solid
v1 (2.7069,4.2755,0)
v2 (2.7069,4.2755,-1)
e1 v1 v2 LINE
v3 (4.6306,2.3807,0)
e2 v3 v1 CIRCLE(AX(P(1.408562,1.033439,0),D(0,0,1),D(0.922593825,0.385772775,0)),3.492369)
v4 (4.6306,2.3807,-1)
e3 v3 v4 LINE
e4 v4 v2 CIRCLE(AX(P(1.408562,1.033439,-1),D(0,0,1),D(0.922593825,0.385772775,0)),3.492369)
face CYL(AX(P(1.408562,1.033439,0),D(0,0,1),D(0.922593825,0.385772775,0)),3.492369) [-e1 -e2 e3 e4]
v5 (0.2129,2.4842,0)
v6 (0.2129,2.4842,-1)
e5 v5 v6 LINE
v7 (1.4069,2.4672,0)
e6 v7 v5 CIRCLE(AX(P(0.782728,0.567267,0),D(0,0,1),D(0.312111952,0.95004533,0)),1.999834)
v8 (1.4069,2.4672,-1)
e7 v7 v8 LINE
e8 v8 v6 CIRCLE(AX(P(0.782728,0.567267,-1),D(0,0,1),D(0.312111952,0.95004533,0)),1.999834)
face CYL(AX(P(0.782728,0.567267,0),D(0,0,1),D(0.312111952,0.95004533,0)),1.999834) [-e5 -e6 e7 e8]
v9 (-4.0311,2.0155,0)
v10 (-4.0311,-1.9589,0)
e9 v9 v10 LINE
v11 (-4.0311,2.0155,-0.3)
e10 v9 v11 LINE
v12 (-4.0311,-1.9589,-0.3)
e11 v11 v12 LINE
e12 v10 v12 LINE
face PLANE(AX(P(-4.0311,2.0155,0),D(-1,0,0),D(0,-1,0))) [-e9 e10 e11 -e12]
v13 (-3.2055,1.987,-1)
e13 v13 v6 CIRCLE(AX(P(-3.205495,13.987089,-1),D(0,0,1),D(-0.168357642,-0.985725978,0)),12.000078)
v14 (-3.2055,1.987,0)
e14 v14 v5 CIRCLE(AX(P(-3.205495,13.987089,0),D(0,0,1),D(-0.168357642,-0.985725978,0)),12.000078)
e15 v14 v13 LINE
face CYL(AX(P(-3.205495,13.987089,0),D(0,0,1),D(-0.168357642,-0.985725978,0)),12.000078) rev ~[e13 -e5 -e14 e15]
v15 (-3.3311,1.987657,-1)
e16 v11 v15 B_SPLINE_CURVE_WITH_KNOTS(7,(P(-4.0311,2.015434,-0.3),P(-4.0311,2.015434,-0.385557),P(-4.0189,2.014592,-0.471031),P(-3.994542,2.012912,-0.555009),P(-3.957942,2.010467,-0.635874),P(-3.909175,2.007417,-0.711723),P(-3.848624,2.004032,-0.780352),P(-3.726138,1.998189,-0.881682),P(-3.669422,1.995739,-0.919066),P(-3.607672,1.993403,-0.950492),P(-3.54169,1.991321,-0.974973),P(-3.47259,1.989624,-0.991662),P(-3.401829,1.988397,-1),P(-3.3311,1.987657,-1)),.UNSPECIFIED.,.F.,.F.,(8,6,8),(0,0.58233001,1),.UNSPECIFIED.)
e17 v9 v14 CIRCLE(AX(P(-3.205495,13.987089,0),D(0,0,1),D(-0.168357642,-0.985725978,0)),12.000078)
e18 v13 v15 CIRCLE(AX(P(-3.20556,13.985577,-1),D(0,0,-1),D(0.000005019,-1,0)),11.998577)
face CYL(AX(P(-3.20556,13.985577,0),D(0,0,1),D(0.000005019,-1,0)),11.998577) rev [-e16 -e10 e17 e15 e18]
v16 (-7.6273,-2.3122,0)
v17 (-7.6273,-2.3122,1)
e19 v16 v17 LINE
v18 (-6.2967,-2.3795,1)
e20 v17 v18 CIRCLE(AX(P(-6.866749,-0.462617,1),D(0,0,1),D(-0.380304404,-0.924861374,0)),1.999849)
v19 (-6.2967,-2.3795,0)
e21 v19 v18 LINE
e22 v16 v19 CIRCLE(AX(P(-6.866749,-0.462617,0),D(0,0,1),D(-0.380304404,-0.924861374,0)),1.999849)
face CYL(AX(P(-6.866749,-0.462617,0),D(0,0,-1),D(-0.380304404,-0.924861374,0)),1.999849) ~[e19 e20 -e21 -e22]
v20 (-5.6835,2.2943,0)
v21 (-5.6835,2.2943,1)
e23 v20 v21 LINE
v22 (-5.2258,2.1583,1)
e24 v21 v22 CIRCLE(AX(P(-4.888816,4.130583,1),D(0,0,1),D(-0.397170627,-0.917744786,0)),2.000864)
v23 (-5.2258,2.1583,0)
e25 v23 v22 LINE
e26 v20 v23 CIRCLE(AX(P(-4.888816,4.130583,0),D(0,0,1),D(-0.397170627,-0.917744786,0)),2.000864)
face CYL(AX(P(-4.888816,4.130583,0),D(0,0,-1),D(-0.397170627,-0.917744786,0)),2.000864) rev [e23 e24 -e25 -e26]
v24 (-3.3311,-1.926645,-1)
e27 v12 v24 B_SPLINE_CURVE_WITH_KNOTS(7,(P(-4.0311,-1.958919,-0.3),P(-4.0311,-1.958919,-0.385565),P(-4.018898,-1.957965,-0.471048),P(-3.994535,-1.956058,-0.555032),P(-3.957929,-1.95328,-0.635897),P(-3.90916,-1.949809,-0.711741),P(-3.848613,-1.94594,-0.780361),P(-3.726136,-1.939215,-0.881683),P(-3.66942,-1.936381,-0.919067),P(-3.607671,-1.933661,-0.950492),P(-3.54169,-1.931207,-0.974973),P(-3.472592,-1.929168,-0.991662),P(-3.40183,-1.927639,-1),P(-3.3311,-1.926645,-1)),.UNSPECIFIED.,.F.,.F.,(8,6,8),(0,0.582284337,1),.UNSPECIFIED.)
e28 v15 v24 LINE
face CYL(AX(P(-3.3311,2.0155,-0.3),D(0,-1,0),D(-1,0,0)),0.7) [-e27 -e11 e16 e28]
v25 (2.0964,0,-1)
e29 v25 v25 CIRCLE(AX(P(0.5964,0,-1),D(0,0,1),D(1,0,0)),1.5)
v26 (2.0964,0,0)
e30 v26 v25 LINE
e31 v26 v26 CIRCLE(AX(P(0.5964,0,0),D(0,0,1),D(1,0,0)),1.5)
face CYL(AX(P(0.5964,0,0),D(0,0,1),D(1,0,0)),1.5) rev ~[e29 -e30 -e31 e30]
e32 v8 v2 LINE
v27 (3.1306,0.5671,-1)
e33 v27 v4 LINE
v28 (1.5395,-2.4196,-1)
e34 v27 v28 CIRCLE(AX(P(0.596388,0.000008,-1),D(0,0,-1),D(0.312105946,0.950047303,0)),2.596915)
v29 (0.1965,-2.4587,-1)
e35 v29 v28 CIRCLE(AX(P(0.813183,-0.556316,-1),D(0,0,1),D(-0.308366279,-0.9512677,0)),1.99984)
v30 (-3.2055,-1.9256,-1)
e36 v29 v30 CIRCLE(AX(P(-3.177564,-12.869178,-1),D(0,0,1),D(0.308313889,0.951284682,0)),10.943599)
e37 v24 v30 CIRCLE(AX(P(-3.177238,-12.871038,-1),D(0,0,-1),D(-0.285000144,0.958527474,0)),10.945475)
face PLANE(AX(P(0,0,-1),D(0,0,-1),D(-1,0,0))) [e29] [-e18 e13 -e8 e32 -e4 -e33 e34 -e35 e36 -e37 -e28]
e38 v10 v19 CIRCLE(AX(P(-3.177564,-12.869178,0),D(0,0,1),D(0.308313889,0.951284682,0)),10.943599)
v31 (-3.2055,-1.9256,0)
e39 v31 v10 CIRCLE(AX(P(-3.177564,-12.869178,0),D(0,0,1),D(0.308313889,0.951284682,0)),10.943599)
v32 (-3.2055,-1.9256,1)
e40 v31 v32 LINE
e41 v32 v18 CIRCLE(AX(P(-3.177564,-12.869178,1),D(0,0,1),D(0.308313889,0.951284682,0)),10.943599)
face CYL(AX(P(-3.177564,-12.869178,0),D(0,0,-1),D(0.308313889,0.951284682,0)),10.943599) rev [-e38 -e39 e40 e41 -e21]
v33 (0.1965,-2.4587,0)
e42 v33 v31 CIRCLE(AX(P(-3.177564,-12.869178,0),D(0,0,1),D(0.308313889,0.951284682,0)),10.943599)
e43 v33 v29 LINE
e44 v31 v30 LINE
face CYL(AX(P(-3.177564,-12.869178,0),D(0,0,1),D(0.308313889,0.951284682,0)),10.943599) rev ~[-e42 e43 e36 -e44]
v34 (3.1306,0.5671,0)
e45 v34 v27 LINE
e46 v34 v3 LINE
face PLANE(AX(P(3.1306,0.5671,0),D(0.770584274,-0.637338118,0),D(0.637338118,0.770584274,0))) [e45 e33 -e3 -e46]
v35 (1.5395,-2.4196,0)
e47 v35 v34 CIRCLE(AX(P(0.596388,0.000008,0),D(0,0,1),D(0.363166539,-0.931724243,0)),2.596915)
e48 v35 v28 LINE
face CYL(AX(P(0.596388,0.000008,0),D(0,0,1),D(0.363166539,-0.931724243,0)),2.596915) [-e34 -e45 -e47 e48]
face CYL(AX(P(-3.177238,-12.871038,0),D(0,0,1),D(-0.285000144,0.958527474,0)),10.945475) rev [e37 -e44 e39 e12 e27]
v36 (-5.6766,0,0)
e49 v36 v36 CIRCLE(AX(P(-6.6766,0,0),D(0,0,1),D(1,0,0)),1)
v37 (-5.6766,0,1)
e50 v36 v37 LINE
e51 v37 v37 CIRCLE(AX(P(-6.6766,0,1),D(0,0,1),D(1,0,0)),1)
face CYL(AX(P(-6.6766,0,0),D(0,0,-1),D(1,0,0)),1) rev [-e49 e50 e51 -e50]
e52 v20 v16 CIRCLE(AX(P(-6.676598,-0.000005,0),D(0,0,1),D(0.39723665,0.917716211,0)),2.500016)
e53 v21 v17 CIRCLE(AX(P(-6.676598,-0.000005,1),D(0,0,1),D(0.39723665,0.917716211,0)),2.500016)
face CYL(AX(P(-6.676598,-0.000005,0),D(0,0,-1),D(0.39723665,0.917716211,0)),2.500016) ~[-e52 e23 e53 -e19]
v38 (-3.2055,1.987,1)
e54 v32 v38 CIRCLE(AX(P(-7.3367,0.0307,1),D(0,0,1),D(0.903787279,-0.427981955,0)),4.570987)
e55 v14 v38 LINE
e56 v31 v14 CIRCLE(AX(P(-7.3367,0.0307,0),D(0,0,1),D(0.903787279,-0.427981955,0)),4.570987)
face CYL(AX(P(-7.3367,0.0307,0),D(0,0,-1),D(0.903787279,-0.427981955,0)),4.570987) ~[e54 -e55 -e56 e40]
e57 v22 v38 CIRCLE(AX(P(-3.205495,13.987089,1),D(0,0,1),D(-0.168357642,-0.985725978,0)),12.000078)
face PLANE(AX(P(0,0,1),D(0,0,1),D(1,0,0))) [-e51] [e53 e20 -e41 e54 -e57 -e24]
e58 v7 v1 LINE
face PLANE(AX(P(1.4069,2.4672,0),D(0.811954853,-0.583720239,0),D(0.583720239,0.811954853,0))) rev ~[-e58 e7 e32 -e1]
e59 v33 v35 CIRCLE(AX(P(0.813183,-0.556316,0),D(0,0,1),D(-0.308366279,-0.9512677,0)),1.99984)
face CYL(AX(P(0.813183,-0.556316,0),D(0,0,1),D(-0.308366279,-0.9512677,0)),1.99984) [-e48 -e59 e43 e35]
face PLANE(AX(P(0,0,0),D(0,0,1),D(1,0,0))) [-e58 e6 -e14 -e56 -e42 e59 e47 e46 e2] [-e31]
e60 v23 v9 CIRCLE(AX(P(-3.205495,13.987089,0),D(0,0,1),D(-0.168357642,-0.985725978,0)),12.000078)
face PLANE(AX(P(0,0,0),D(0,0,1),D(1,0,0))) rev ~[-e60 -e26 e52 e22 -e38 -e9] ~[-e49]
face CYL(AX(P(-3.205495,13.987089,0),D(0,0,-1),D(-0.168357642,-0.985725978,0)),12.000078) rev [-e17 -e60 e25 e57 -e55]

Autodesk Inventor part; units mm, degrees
ref_plane "YZ Plane" through (0, 0, 0) normal (1, 0, 0) x (0, 1, 0)
ref_plane "XZ Plane" through (0, 0, 0) normal (0, 1, 0) x (-1, 0, 0)
ref_plane "XY Plane" through (0, 0, 0) normal (0, 0, 1) x (1, 0, 0)
sketch "Sketch1" plane through (0, 0, 0) normal (0, 0, 1) x (1, 0, 0)
  arc A0 (-5.6835, 2.2943) -> (-7.6273, -2.3122) centre (-6.6766, 0) ccw
  arc A1 (-5.2258, 2.1583) -> (0.2129, 2.4842) centre (-3.2055, 13.987) ccw
  line L0 (-6.6766, 2.5) -> (-6.6766, -2.5) construction
  arc A2 (-5.6835, 2.2943) -> (-5.2258, 2.1583) centre (-4.8891, 4.1298) ccw
  arc A3 (1.5395, -2.4196) -> (1.4069, 2.4672) centre (0.5964, 0) ccw
  arc A4 (1.4069, 2.4672) -> (0.2129, 2.4842) centre (0.7827, 0.5671) ccw
  line L1 (0.5964, 2.5969) -> (0.5964, -2.5969) construction
  arc A5 (0.1965, -2.4587) -> (-6.2967, -2.3795) centre (-3.1776, -12.8694) ccw
  arc A6 (-7.6273, -2.3122) -> (-6.2967, -2.3795) centre (-6.8667, -0.4624) ccw
  arc A7 (0.1965, -2.4587) -> (1.5395, -2.4196) centre (0.8132, -0.5562) ccw
  circle A8 centre (-6.6766, 0) radius 1
  circle A9 centre (0.5964, 0) radius 1.5
  line L2 (1.4069, 2.4672) -> (2.7069, 4.2755)
  line L3 (3.1306, 0.5671) -> (4.6306, 2.3807)
  arc A10 (4.6306, 2.3807) -> (2.7069, 4.2755) centre (1.4088, 1.0336) ccw
  line L4 (-3.2055, 1.987) -> (-3.2055, -1.9256) construction
  line L5 (-3.2055, 1.987) -> (-3.2055, -1.9256) construction
  arc A11 (-3.2055, -1.9256) -> (-3.2055, 1.987) centre (-7.3367, 0.0307) ccw
  point P0 (0, 0)
  dimension "d0" = 5
  dimension "d1" = 12
  dimension "d2" = 2
  dimension "d3" = 2
  dimension "d5" = 2
  dimension "d6" = 2
  dimension "d7" = 3
  dimension "d8" = 1.5
  dimension "d9" = 1.3
extrude "Extrusion1" add sketch "Sketch1" along normal blind 1 contours A2 A1 A11 A5 A6 A0
extrude "Extrusion2" add sketch "Sketch1" against normal blind 1 contours A1 A4 A3 A7 A5 A11
extrude "Extrusion3" add sketch "Sketch1" against normal blind 1 contours L2 A10 L3 A3
sketch "Esboço2" plane through (0, 0, 0) normal (0, 0, -1) x (-1, 0, 0)
  line L0 (4.0311, 2.0155) -> (4.0311, -1.9589)
  arc A0 (3.2055, 1.987) -> (3.2055, -1.9256) centre (7.3367, 0.0307) ccw projected
  arc A1 (3.2055, 1.987) -> (3.2055, -1.9256) centre (7.3367, 0.0307) ccw
  arc A2 (3.2055, 1.987) -> (5.2258, 2.1583) centre (3.2055, 13.987) ccw projected
  arc A3 (6.2967, -2.3795) -> (3.2055, -1.9256) centre (3.1776, -12.8694) ccw projected
  point P0 (0, 0)
extrude "Extrusão4" add sketch "Esboço2" along normal blind 1
fillet "Arredondamento1" radius 0.7 1 edges at (-4.0311, 0.0283, -1)
properties material "Nickel-Copper Alloy 400"
